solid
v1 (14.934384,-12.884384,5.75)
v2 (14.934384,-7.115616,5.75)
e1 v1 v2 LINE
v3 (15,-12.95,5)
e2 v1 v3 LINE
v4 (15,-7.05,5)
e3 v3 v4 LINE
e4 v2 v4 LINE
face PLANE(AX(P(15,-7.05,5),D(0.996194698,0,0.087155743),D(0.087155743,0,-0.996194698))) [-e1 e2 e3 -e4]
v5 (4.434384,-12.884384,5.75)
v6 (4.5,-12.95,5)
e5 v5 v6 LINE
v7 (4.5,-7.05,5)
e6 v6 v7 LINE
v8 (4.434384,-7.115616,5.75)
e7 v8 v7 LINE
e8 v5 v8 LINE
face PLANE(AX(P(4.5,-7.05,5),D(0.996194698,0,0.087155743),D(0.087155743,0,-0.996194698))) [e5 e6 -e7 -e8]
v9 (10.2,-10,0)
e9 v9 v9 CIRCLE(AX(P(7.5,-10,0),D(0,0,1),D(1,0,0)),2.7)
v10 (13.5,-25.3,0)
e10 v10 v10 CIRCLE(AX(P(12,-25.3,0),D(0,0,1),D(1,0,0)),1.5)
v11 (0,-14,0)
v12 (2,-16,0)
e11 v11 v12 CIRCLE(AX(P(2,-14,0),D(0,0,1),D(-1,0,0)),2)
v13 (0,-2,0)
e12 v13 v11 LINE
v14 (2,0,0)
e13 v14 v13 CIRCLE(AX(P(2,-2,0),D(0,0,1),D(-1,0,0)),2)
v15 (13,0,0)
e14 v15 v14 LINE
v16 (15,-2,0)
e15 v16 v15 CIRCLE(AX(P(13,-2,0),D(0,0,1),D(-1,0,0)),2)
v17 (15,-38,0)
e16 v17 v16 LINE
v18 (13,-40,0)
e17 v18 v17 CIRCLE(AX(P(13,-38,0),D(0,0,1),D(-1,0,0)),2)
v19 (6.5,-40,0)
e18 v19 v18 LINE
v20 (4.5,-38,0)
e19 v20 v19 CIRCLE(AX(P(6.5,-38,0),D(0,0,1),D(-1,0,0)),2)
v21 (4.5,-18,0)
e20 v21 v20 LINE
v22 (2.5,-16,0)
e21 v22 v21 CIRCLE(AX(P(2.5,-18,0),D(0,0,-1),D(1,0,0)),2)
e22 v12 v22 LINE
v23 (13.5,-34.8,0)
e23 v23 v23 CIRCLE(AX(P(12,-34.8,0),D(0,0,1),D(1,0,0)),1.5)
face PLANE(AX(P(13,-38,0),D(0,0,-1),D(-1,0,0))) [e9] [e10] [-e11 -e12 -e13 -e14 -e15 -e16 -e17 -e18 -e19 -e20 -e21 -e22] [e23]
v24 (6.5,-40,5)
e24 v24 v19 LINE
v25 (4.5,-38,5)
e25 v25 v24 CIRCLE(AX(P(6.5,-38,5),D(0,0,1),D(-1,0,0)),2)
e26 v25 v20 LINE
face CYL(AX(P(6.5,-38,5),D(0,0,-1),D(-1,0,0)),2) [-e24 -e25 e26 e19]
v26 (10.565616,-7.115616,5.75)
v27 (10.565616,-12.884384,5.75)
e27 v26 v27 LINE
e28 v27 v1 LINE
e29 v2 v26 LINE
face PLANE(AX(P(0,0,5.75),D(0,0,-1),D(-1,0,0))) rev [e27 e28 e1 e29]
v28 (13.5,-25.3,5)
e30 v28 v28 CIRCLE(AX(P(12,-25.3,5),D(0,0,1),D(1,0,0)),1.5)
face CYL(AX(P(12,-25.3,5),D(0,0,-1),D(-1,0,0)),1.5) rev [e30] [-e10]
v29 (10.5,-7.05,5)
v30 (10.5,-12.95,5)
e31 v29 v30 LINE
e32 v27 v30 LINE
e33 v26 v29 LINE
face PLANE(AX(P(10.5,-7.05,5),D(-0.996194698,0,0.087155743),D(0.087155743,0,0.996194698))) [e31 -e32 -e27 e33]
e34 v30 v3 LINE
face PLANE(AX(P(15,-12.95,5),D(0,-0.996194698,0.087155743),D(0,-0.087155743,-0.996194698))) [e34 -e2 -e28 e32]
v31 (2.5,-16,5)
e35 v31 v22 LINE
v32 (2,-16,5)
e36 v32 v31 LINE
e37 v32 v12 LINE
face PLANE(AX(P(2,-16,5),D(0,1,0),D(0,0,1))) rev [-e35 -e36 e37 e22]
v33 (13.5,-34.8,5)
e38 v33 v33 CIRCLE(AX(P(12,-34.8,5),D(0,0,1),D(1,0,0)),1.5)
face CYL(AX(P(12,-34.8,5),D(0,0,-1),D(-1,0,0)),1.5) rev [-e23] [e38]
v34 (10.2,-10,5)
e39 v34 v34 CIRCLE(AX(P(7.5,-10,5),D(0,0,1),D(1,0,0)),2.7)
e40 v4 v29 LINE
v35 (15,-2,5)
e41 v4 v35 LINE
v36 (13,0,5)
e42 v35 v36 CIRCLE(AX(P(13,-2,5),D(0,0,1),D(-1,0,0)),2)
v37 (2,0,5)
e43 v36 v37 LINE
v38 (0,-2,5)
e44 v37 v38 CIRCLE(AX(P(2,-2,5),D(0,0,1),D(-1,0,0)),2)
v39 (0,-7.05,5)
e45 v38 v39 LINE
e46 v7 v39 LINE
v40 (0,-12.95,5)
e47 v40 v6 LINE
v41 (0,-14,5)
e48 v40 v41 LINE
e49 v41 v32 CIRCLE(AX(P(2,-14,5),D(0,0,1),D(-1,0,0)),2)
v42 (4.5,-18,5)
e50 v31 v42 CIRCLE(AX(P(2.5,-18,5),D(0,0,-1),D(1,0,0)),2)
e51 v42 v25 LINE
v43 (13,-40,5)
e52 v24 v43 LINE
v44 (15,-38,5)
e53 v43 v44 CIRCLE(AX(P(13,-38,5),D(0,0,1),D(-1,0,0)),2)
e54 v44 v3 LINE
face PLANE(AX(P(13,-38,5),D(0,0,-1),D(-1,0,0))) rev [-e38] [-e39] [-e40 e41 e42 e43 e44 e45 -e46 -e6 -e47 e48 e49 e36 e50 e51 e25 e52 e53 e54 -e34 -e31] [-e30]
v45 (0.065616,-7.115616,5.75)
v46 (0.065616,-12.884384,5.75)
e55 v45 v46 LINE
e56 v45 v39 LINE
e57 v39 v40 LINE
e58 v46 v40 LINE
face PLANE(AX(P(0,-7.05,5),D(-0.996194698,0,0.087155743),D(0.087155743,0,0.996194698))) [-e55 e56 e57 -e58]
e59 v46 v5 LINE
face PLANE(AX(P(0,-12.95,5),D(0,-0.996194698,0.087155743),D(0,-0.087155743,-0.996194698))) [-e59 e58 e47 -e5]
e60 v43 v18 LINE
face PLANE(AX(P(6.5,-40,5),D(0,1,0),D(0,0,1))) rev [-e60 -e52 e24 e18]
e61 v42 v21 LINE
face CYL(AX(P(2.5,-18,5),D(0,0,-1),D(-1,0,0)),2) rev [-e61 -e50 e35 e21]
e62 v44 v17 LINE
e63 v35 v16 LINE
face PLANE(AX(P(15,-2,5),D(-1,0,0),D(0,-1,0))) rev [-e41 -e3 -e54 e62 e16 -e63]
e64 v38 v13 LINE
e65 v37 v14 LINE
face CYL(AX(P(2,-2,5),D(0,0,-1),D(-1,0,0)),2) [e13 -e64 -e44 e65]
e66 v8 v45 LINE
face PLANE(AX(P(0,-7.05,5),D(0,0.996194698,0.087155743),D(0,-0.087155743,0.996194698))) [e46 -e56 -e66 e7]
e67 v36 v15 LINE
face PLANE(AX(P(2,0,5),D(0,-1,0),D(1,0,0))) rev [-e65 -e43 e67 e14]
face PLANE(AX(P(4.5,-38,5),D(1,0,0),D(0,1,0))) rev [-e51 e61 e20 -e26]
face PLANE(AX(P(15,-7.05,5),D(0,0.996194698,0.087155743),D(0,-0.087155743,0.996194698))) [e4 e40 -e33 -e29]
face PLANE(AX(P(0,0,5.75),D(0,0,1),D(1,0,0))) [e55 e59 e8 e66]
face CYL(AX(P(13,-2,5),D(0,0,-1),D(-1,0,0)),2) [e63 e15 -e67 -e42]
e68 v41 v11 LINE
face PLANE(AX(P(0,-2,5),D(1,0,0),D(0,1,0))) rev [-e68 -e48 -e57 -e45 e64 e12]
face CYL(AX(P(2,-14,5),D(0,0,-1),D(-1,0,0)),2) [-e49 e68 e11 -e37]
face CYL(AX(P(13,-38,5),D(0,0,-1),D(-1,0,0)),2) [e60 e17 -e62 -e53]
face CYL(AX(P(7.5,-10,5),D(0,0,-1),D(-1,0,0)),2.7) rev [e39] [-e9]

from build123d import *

# Parameters (mm, degrees)
SKETCH1_R           = 2.7
SKETCH1_R_2         = 1.5
BOSS_EXTRUDE1_DEPTH = 5
SKETCH2_W           = 4.5
SKETCH2_H           = 5.9
BOSS_EXTRUDE2_DEPTH = 0.75
BOSS_EXTRUDE2_TAPER = 5


with BuildPart() as part:
    # Sketch1 → Boss-Extrude1 (new body)
    with BuildSketch(Plane.XY):
        with BuildLine():
            Line((0, -2), (0, -14))
            ThreePointArc((0, -14), (0.585786438, -15.414213562), (2, -16))
            Line((2, -16), (2.5, -16))
            ThreePointArc((2.5, -16), (3.914213562, -16.585786438), (4.5, -18))
            Line((4.5, -18), (4.5, -38))
            ThreePointArc((4.5, -38), (5.085786438, -39.414213562), (6.5, -40))
            Line((6.5, -40), (13, -40))
            ThreePointArc((13, -40), (14.414213562, -39.414213562), (15, -38))
            Line((15, -38), (15, -2))
            ThreePointArc((15, -2), (14.414213562, -0.585786438), (13, 0))
            Line((13, 0), (2, 0))
            ThreePointArc((2, 0), (0.585786438, -0.585786438), (0, -2))
        make_face()
        with Locations((7.5, -10)):
            Circle(SKETCH1_R, mode=Mode.SUBTRACT)
        with Locations((12, -34.8)):
            Circle(SKETCH1_R_2, mode=Mode.SUBTRACT)
        with Locations((12, -25.3)):
            Circle(SKETCH1_R_2, mode=Mode.SUBTRACT)
    extrude(amount=BOSS_EXTRUDE1_DEPTH)

    # Sketch2 → Boss-Extrude2 (add)
    with BuildSketch(Plane.XY.offset(5)):
        with Locations((2.25, -10)):
            Rectangle(SKETCH2_W, SKETCH2_H)
        with Locations((12.75, -10)):
            Rectangle(SKETCH2_W, SKETCH2_H)
    extrude(amount=BOSS_EXTRUDE2_DEPTH, taper=BOSS_EXTRUDE2_TAPER)


solid = part.part
